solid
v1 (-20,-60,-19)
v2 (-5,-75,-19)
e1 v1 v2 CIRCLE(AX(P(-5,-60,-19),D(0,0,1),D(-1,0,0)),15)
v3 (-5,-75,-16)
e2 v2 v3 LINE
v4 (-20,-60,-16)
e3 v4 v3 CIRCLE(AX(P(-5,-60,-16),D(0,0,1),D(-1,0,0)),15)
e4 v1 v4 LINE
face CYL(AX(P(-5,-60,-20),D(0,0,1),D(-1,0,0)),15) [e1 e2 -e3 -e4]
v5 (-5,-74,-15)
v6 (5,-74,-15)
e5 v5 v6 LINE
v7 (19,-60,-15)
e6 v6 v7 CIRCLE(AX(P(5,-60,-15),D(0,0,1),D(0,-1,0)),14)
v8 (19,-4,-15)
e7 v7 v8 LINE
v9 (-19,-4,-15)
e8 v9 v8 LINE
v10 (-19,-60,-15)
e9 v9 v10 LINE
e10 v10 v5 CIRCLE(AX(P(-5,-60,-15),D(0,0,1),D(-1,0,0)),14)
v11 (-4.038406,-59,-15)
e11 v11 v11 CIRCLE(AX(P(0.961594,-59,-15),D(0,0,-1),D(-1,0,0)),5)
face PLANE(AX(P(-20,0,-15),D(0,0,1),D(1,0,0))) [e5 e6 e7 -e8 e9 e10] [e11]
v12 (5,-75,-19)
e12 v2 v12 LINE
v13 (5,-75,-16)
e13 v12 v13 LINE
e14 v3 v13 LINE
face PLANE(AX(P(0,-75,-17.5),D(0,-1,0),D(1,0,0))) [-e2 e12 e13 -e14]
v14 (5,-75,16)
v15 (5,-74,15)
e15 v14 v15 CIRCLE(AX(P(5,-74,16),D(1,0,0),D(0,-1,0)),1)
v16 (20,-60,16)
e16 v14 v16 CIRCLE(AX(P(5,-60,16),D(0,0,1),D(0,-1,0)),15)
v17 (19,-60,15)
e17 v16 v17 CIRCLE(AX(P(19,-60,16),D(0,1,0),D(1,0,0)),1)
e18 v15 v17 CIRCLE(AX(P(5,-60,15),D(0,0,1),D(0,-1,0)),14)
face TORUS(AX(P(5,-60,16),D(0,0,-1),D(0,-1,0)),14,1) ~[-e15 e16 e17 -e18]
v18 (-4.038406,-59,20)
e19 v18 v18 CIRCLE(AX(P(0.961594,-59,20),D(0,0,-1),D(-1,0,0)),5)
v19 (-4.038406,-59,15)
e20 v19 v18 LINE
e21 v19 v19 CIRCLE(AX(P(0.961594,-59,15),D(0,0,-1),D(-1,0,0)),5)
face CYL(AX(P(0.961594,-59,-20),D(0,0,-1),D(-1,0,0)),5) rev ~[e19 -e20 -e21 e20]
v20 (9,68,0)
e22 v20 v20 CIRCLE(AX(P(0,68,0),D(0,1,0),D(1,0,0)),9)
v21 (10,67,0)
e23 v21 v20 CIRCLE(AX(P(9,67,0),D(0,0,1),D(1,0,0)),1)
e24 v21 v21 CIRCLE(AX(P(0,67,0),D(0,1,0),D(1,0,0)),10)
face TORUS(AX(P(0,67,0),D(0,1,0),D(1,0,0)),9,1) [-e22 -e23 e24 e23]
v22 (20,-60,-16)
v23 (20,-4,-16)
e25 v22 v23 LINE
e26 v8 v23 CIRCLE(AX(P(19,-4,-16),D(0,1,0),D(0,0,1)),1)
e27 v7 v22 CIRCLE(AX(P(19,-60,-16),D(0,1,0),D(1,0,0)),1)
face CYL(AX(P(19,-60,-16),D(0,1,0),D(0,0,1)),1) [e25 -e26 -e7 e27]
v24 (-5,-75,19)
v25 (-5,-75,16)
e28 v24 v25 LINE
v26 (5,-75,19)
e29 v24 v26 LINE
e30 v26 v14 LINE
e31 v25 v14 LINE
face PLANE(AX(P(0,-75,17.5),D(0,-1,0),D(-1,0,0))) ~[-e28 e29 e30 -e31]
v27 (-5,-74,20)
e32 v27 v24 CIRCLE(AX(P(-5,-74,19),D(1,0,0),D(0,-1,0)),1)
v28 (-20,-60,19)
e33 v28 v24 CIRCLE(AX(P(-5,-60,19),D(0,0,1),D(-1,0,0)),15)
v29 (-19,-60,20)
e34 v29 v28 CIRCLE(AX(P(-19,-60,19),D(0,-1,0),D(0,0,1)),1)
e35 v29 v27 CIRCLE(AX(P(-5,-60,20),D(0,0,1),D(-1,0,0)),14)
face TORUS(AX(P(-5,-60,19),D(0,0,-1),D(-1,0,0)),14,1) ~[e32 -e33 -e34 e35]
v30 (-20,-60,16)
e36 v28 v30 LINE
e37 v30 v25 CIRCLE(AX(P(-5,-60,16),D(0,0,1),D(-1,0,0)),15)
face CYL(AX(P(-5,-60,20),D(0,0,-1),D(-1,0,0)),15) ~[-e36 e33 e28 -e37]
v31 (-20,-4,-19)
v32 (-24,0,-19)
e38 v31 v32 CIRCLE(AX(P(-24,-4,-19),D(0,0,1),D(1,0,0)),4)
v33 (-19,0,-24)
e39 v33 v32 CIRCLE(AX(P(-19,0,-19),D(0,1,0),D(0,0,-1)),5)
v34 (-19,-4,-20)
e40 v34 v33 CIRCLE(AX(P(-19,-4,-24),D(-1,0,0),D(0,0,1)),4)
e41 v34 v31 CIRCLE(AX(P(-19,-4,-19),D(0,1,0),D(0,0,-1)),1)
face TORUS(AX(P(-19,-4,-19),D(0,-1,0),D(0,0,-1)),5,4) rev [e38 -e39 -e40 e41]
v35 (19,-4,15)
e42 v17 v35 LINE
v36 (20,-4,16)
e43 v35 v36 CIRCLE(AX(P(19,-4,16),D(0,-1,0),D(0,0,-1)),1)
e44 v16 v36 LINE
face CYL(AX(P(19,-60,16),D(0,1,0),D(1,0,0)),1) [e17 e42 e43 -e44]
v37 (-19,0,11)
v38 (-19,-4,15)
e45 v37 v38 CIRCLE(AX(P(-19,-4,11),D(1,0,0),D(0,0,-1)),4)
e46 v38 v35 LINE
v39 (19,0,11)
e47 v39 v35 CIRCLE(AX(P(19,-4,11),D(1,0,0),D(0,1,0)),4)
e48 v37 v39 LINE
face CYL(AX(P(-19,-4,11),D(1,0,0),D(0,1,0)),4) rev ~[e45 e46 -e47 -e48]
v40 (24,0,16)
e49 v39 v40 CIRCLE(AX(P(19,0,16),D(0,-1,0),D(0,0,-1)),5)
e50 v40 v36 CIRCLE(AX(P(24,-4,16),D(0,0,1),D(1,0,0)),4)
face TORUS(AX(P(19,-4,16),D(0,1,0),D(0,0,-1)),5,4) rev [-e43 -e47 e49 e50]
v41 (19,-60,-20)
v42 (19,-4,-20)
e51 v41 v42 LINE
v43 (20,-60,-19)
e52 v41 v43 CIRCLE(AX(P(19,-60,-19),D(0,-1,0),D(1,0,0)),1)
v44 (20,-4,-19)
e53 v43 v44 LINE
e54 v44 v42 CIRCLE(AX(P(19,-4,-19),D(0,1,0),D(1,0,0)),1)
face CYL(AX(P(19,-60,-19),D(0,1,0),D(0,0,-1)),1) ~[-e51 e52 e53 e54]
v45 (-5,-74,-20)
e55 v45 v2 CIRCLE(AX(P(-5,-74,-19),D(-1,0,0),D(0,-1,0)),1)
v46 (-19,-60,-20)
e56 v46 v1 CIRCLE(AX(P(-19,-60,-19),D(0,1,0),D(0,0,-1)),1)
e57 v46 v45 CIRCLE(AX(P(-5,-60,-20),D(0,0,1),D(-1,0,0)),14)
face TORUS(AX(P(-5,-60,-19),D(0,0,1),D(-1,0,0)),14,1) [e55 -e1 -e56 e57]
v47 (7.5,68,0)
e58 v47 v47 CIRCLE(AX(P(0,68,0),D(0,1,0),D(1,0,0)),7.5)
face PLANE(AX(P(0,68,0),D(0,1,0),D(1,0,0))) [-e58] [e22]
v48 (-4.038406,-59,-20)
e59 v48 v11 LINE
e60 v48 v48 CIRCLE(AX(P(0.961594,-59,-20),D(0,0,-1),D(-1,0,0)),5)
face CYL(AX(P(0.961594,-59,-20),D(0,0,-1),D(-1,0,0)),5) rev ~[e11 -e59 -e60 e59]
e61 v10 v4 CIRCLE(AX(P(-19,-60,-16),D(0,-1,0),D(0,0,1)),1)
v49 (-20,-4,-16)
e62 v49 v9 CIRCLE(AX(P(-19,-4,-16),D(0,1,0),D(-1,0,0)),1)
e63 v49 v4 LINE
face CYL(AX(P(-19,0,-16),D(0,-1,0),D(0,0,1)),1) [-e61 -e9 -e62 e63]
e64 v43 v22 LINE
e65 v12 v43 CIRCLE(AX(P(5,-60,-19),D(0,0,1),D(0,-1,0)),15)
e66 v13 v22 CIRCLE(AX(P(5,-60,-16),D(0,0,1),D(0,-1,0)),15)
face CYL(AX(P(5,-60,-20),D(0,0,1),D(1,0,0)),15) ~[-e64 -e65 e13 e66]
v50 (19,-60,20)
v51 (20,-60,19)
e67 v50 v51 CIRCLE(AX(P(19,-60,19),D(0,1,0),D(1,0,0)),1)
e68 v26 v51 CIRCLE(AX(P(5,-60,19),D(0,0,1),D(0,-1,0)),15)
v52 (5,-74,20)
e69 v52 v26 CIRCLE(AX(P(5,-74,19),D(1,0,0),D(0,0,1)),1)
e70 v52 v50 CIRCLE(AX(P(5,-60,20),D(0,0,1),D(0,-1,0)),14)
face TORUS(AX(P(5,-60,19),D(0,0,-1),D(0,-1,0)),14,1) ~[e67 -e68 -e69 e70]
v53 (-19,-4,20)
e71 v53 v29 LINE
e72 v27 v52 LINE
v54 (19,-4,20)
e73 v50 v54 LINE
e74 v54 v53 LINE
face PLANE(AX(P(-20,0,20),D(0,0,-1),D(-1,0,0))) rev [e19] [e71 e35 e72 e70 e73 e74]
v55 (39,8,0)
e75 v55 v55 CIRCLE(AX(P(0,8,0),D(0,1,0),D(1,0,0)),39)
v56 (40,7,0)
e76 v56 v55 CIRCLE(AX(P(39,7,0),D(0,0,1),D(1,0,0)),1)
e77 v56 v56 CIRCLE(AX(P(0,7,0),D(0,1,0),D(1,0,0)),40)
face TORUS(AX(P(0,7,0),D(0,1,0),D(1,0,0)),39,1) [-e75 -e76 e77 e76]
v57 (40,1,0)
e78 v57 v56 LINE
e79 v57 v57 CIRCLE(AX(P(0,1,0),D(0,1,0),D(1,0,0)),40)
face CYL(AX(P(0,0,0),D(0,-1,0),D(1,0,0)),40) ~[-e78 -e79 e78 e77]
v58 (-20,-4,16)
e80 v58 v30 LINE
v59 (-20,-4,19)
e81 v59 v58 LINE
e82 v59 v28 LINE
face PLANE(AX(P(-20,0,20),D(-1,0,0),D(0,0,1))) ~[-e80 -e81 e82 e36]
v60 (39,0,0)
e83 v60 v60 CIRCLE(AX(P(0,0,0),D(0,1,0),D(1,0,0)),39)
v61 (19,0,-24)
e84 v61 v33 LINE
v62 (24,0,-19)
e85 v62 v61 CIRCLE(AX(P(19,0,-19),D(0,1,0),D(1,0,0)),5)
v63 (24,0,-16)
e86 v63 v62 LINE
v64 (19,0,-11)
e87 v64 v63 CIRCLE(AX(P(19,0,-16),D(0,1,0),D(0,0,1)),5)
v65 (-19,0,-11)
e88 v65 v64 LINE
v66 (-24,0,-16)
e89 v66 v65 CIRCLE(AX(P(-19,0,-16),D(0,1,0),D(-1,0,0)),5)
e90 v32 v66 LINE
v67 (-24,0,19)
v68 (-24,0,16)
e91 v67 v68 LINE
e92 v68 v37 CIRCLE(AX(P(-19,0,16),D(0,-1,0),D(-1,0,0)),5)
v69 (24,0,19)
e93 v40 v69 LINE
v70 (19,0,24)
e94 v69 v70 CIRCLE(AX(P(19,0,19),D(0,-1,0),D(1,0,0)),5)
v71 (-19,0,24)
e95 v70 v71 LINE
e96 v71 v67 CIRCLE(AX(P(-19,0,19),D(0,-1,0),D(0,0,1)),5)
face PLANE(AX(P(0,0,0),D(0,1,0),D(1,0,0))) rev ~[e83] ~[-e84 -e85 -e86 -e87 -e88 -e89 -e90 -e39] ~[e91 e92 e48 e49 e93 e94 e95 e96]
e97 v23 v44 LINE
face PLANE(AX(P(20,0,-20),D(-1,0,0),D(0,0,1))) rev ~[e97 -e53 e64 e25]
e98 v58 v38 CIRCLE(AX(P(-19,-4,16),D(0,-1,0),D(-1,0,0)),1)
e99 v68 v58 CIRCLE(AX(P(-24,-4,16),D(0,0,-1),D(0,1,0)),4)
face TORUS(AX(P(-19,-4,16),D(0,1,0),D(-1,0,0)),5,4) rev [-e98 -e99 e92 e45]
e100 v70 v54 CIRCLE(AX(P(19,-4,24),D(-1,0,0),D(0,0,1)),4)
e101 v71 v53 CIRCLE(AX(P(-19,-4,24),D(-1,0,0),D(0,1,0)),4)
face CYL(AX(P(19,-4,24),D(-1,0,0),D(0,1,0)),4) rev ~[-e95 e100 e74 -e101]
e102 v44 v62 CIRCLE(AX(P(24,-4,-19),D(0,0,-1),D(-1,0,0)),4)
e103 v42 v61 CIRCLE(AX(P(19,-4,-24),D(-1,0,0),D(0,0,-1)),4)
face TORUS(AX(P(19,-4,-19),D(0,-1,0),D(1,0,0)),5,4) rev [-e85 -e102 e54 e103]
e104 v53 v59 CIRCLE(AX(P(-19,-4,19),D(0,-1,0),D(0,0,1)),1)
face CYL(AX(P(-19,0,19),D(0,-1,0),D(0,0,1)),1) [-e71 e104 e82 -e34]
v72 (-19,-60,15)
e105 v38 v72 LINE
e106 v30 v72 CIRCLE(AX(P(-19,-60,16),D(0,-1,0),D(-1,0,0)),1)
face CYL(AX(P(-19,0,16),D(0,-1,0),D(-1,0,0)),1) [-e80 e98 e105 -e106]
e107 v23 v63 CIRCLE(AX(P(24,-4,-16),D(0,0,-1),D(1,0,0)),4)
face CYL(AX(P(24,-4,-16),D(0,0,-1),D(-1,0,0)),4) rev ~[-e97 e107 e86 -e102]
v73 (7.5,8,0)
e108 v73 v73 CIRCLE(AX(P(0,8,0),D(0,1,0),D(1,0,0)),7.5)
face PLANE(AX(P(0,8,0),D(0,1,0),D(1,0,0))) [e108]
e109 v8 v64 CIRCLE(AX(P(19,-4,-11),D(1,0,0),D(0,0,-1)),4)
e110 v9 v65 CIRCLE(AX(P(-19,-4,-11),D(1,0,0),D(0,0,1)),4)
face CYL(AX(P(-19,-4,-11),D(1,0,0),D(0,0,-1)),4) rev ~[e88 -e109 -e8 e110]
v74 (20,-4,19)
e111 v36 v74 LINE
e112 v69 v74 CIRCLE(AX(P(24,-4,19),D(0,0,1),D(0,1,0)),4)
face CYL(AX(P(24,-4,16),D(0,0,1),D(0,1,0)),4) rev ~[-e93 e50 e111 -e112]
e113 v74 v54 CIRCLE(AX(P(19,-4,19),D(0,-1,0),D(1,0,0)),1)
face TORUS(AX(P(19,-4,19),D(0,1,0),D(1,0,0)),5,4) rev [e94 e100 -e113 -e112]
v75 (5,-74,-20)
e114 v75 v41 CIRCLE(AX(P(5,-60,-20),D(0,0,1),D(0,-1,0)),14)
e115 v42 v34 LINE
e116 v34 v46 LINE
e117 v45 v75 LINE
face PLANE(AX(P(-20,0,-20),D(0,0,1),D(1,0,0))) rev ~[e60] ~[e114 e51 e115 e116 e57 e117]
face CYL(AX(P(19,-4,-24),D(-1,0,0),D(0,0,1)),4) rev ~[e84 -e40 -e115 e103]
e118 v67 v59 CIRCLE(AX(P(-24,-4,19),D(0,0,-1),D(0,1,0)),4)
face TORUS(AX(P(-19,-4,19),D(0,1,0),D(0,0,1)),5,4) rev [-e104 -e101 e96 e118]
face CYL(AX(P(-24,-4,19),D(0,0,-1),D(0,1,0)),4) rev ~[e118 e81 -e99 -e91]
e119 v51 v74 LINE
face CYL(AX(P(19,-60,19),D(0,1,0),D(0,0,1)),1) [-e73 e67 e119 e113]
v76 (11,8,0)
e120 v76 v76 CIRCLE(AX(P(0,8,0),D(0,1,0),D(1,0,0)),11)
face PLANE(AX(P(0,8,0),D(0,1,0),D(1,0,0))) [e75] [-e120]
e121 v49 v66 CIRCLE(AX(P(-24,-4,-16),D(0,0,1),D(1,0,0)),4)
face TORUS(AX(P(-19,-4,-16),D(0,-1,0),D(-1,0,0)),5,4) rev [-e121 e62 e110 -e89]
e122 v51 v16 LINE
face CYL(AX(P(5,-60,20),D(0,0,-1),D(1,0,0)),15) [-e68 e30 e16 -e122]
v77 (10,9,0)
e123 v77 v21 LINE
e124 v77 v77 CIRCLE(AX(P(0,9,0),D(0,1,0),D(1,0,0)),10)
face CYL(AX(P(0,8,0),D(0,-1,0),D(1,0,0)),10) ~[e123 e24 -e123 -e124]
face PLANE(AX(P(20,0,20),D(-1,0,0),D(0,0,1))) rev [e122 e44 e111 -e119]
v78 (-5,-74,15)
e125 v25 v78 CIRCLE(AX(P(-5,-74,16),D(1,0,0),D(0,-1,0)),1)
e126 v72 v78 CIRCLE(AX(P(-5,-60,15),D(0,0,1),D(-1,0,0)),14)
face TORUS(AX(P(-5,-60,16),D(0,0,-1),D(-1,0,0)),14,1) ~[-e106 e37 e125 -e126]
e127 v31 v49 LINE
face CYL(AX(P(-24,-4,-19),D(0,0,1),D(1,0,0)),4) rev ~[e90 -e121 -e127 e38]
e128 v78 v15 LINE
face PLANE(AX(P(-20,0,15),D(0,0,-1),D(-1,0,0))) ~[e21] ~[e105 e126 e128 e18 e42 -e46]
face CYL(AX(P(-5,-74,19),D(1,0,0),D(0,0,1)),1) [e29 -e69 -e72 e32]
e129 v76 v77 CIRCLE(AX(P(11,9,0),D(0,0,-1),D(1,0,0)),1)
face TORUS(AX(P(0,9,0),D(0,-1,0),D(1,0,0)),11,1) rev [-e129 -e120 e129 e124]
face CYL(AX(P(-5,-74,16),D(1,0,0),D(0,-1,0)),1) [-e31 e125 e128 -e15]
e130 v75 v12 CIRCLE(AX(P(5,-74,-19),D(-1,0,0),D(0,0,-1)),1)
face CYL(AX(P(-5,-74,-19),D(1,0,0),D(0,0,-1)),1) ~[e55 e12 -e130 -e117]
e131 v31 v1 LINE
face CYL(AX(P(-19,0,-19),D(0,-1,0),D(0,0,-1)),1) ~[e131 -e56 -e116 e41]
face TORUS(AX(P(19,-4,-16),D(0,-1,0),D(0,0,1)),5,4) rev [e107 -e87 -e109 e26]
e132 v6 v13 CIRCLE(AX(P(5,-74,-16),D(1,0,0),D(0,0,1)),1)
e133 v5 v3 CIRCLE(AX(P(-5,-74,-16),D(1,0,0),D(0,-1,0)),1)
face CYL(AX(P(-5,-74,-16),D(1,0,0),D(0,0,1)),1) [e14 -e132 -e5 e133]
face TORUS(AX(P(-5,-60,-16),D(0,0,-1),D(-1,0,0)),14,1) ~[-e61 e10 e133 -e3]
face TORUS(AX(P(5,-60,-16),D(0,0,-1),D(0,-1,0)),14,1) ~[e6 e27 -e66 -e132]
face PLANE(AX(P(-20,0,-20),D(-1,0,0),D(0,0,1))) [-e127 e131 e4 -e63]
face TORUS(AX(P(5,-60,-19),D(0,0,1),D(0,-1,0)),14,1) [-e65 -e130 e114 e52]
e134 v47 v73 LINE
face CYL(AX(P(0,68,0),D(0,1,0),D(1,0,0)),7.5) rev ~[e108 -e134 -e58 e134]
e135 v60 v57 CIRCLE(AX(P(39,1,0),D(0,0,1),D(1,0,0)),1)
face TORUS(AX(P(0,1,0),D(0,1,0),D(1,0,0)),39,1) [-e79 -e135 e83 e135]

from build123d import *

# Parameters (mm, degrees)
SKETCH2_R             = 40
BOSS_EXTRUDE1_DEPTH   = 8
SKETCH3_W             = 40
SKETCH3_H             = 5
BOSS_EXTRUDE2_DEPTH   = 75
FILLET1_R             = 15
FILLET3_R             = 1
FILLET4_R             = 4
FILLET1_OF_MIRROR10_R = 15
FILLET3_OF_MIRROR10_R = 1
FILLET4_OF_MIRROR10_R = 4
SKETCH5_R             = 5
CUT_EXTRUDE1_DEPTH    = 40
SKETCH6_R             = 10
BOSS_EXTRUDE3_DEPTH   = 60
SKETCH7_R             = 7.5
CUT_EXTRUDE2_DEPTH    = 60
FILLET5_R             = 1


with BuildPart() as part:
    # Sketch2 → Boss-Extrude1 (new body)
    with BuildSketch(Plane(origin=(0, 0, 0), x_dir=(1, 0, 0), z_dir=(0, 1, 0))):
        Circle(SKETCH2_R)
    extrude(amount=BOSS_EXTRUDE1_DEPTH)

    # Sketch3 → Boss-Extrude2 (add)
    with BuildSketch(Plane.XZ):
        with Locations((0, -17.5)):
            Rectangle(SKETCH3_W, SKETCH3_H)
    boss_extrude2 = extrude(amount=BOSS_EXTRUDE2_DEPTH)

    # Fillet1
    fillet1_edges = [part.edges().sort_by_distance(p)[0] for p in [
        (-20, -75, -17.5),
        (20, -75, -17.5),
    ]]
    fillet(fillet1_edges, radius=FILLET1_R)

    # Fillet3
    fillet3_edges = [part.edges().sort_by_distance(p)[0] for p in [
        (0, -75, -20),
        (0, -75, -15),
        (20, -30, -20),
        (-20, -30, -20),
        (15.606601718, -70.606601718, -20),
        (-15.606601718, -70.606601718, -20),
        (-20, -30, -15),
        (20, -30, -15),
        (15.606601718, -70.606601718, -15),
        (-15.606601718, -70.606601718, -15),
    ]]
    fillet(fillet3_edges, radius=FILLET3_R)

    # Fillet4
    fillet4_edges = [part.edges().sort_by_distance(p)[0] for p in [
        (-20, 0, -17.5),
        (0, 0, -15),
        (20, 0, -17.5),
        (0, 0, -20),
        (-19.707106781, 0, -15.292893219),
        (19.707106781, 0, -15.292893219),
        (19.707106781, 0, -19.707106781),
        (-19.707106781, 0, -19.707106781),
    ]]
    fillet(fillet4_edges, radius=FILLET4_R)

    # Mirror10: Boss-Extrude2 across plane
    add(boss_extrude2.mirror(Plane.XY))

    # Fillet1 of Mirror10
    fillet1_of_mirror10_edges = [part.edges().sort_by_distance(p)[0] for p in [
        (-20, -75, 17.5),
        (20, -75, 17.5),
    ]]
    fillet(fillet1_of_mirror10_edges, radius=FILLET1_OF_MIRROR10_R)

    # Fillet3 of Mirror10
    fillet3_of_mirror10_edges = [part.edges().sort_by_distance(p)[0] for p in [
        (0, -75, 20),
        (0, -75, 15),
        (20, -30, 20),
        (-20, -30, 20),
        (15.606601718, -70.606601718, 20),
        (-15.606601718, -70.606601718, 20),
        (-20, -30, 15),
        (20, -30, 15),
        (15.606601718, -70.606601718, 15),
        (-15.606601718, -70.606601718, 15),
    ]]
    fillet(fillet3_of_mirror10_edges, radius=FILLET3_OF_MIRROR10_R)

    # Fillet4 of Mirror10
    fillet4_of_mirror10_edges = [part.edges().sort_by_distance(p)[0] for p in [
        (-20, 0, 17.5),
        (0, 0, 15),
        (20, 0, 17.5),
        (0, 0, 20),
        (-19.707106781, 0, 15.292893219),
        (19.707106781, 0, 15.292893219),
        (19.707106781, 0, 19.707106781),
        (-19.707106781, 0, 19.707106781),
    ]]
    fillet(fillet4_of_mirror10_edges, radius=FILLET4_OF_MIRROR10_R)

    # Sketch5 → Cut-Extrude1 (cut)
    with BuildSketch(Plane(origin=(0, 0, -20), x_dir=(-1, 0, 0), z_dir=(0, 0, -1))):
        with Locations((-0.961594328, -59)):
            Circle(SKETCH5_R)
    extrude(amount=-CUT_EXTRUDE1_DEPTH, mode=Mode.SUBTRACT)

    # Sketch6 → Boss-Extrude3 (add)
    with BuildSketch(Plane(origin=(0, 8, 0), x_dir=(1, 0, 0), z_dir=(0, 1, 0))):
        Circle(SKETCH6_R)
    extrude(amount=BOSS_EXTRUDE3_DEPTH)

    # Sketch7 → Cut-Extrude2 (cut)
    with BuildSketch(Plane(origin=(0, 68, 0), x_dir=(1, 0, 0), z_dir=(0, 1, 0))):
        Circle(SKETCH7_R)
    extrude(amount=-CUT_EXTRUDE2_DEPTH, mode=Mode.SUBTRACT)

    # Fillet5
    fillet5_edges = [part.edges().sort_by_distance(p)[0] for p in [
        (-10, 8, 0),
        (-10, 68, 0),
        (-40, 0, 0),
        (-40, 8, 0),
    ]]
    fillet(fillet5_edges, radius=FILLET5_R)


solid = part.part
